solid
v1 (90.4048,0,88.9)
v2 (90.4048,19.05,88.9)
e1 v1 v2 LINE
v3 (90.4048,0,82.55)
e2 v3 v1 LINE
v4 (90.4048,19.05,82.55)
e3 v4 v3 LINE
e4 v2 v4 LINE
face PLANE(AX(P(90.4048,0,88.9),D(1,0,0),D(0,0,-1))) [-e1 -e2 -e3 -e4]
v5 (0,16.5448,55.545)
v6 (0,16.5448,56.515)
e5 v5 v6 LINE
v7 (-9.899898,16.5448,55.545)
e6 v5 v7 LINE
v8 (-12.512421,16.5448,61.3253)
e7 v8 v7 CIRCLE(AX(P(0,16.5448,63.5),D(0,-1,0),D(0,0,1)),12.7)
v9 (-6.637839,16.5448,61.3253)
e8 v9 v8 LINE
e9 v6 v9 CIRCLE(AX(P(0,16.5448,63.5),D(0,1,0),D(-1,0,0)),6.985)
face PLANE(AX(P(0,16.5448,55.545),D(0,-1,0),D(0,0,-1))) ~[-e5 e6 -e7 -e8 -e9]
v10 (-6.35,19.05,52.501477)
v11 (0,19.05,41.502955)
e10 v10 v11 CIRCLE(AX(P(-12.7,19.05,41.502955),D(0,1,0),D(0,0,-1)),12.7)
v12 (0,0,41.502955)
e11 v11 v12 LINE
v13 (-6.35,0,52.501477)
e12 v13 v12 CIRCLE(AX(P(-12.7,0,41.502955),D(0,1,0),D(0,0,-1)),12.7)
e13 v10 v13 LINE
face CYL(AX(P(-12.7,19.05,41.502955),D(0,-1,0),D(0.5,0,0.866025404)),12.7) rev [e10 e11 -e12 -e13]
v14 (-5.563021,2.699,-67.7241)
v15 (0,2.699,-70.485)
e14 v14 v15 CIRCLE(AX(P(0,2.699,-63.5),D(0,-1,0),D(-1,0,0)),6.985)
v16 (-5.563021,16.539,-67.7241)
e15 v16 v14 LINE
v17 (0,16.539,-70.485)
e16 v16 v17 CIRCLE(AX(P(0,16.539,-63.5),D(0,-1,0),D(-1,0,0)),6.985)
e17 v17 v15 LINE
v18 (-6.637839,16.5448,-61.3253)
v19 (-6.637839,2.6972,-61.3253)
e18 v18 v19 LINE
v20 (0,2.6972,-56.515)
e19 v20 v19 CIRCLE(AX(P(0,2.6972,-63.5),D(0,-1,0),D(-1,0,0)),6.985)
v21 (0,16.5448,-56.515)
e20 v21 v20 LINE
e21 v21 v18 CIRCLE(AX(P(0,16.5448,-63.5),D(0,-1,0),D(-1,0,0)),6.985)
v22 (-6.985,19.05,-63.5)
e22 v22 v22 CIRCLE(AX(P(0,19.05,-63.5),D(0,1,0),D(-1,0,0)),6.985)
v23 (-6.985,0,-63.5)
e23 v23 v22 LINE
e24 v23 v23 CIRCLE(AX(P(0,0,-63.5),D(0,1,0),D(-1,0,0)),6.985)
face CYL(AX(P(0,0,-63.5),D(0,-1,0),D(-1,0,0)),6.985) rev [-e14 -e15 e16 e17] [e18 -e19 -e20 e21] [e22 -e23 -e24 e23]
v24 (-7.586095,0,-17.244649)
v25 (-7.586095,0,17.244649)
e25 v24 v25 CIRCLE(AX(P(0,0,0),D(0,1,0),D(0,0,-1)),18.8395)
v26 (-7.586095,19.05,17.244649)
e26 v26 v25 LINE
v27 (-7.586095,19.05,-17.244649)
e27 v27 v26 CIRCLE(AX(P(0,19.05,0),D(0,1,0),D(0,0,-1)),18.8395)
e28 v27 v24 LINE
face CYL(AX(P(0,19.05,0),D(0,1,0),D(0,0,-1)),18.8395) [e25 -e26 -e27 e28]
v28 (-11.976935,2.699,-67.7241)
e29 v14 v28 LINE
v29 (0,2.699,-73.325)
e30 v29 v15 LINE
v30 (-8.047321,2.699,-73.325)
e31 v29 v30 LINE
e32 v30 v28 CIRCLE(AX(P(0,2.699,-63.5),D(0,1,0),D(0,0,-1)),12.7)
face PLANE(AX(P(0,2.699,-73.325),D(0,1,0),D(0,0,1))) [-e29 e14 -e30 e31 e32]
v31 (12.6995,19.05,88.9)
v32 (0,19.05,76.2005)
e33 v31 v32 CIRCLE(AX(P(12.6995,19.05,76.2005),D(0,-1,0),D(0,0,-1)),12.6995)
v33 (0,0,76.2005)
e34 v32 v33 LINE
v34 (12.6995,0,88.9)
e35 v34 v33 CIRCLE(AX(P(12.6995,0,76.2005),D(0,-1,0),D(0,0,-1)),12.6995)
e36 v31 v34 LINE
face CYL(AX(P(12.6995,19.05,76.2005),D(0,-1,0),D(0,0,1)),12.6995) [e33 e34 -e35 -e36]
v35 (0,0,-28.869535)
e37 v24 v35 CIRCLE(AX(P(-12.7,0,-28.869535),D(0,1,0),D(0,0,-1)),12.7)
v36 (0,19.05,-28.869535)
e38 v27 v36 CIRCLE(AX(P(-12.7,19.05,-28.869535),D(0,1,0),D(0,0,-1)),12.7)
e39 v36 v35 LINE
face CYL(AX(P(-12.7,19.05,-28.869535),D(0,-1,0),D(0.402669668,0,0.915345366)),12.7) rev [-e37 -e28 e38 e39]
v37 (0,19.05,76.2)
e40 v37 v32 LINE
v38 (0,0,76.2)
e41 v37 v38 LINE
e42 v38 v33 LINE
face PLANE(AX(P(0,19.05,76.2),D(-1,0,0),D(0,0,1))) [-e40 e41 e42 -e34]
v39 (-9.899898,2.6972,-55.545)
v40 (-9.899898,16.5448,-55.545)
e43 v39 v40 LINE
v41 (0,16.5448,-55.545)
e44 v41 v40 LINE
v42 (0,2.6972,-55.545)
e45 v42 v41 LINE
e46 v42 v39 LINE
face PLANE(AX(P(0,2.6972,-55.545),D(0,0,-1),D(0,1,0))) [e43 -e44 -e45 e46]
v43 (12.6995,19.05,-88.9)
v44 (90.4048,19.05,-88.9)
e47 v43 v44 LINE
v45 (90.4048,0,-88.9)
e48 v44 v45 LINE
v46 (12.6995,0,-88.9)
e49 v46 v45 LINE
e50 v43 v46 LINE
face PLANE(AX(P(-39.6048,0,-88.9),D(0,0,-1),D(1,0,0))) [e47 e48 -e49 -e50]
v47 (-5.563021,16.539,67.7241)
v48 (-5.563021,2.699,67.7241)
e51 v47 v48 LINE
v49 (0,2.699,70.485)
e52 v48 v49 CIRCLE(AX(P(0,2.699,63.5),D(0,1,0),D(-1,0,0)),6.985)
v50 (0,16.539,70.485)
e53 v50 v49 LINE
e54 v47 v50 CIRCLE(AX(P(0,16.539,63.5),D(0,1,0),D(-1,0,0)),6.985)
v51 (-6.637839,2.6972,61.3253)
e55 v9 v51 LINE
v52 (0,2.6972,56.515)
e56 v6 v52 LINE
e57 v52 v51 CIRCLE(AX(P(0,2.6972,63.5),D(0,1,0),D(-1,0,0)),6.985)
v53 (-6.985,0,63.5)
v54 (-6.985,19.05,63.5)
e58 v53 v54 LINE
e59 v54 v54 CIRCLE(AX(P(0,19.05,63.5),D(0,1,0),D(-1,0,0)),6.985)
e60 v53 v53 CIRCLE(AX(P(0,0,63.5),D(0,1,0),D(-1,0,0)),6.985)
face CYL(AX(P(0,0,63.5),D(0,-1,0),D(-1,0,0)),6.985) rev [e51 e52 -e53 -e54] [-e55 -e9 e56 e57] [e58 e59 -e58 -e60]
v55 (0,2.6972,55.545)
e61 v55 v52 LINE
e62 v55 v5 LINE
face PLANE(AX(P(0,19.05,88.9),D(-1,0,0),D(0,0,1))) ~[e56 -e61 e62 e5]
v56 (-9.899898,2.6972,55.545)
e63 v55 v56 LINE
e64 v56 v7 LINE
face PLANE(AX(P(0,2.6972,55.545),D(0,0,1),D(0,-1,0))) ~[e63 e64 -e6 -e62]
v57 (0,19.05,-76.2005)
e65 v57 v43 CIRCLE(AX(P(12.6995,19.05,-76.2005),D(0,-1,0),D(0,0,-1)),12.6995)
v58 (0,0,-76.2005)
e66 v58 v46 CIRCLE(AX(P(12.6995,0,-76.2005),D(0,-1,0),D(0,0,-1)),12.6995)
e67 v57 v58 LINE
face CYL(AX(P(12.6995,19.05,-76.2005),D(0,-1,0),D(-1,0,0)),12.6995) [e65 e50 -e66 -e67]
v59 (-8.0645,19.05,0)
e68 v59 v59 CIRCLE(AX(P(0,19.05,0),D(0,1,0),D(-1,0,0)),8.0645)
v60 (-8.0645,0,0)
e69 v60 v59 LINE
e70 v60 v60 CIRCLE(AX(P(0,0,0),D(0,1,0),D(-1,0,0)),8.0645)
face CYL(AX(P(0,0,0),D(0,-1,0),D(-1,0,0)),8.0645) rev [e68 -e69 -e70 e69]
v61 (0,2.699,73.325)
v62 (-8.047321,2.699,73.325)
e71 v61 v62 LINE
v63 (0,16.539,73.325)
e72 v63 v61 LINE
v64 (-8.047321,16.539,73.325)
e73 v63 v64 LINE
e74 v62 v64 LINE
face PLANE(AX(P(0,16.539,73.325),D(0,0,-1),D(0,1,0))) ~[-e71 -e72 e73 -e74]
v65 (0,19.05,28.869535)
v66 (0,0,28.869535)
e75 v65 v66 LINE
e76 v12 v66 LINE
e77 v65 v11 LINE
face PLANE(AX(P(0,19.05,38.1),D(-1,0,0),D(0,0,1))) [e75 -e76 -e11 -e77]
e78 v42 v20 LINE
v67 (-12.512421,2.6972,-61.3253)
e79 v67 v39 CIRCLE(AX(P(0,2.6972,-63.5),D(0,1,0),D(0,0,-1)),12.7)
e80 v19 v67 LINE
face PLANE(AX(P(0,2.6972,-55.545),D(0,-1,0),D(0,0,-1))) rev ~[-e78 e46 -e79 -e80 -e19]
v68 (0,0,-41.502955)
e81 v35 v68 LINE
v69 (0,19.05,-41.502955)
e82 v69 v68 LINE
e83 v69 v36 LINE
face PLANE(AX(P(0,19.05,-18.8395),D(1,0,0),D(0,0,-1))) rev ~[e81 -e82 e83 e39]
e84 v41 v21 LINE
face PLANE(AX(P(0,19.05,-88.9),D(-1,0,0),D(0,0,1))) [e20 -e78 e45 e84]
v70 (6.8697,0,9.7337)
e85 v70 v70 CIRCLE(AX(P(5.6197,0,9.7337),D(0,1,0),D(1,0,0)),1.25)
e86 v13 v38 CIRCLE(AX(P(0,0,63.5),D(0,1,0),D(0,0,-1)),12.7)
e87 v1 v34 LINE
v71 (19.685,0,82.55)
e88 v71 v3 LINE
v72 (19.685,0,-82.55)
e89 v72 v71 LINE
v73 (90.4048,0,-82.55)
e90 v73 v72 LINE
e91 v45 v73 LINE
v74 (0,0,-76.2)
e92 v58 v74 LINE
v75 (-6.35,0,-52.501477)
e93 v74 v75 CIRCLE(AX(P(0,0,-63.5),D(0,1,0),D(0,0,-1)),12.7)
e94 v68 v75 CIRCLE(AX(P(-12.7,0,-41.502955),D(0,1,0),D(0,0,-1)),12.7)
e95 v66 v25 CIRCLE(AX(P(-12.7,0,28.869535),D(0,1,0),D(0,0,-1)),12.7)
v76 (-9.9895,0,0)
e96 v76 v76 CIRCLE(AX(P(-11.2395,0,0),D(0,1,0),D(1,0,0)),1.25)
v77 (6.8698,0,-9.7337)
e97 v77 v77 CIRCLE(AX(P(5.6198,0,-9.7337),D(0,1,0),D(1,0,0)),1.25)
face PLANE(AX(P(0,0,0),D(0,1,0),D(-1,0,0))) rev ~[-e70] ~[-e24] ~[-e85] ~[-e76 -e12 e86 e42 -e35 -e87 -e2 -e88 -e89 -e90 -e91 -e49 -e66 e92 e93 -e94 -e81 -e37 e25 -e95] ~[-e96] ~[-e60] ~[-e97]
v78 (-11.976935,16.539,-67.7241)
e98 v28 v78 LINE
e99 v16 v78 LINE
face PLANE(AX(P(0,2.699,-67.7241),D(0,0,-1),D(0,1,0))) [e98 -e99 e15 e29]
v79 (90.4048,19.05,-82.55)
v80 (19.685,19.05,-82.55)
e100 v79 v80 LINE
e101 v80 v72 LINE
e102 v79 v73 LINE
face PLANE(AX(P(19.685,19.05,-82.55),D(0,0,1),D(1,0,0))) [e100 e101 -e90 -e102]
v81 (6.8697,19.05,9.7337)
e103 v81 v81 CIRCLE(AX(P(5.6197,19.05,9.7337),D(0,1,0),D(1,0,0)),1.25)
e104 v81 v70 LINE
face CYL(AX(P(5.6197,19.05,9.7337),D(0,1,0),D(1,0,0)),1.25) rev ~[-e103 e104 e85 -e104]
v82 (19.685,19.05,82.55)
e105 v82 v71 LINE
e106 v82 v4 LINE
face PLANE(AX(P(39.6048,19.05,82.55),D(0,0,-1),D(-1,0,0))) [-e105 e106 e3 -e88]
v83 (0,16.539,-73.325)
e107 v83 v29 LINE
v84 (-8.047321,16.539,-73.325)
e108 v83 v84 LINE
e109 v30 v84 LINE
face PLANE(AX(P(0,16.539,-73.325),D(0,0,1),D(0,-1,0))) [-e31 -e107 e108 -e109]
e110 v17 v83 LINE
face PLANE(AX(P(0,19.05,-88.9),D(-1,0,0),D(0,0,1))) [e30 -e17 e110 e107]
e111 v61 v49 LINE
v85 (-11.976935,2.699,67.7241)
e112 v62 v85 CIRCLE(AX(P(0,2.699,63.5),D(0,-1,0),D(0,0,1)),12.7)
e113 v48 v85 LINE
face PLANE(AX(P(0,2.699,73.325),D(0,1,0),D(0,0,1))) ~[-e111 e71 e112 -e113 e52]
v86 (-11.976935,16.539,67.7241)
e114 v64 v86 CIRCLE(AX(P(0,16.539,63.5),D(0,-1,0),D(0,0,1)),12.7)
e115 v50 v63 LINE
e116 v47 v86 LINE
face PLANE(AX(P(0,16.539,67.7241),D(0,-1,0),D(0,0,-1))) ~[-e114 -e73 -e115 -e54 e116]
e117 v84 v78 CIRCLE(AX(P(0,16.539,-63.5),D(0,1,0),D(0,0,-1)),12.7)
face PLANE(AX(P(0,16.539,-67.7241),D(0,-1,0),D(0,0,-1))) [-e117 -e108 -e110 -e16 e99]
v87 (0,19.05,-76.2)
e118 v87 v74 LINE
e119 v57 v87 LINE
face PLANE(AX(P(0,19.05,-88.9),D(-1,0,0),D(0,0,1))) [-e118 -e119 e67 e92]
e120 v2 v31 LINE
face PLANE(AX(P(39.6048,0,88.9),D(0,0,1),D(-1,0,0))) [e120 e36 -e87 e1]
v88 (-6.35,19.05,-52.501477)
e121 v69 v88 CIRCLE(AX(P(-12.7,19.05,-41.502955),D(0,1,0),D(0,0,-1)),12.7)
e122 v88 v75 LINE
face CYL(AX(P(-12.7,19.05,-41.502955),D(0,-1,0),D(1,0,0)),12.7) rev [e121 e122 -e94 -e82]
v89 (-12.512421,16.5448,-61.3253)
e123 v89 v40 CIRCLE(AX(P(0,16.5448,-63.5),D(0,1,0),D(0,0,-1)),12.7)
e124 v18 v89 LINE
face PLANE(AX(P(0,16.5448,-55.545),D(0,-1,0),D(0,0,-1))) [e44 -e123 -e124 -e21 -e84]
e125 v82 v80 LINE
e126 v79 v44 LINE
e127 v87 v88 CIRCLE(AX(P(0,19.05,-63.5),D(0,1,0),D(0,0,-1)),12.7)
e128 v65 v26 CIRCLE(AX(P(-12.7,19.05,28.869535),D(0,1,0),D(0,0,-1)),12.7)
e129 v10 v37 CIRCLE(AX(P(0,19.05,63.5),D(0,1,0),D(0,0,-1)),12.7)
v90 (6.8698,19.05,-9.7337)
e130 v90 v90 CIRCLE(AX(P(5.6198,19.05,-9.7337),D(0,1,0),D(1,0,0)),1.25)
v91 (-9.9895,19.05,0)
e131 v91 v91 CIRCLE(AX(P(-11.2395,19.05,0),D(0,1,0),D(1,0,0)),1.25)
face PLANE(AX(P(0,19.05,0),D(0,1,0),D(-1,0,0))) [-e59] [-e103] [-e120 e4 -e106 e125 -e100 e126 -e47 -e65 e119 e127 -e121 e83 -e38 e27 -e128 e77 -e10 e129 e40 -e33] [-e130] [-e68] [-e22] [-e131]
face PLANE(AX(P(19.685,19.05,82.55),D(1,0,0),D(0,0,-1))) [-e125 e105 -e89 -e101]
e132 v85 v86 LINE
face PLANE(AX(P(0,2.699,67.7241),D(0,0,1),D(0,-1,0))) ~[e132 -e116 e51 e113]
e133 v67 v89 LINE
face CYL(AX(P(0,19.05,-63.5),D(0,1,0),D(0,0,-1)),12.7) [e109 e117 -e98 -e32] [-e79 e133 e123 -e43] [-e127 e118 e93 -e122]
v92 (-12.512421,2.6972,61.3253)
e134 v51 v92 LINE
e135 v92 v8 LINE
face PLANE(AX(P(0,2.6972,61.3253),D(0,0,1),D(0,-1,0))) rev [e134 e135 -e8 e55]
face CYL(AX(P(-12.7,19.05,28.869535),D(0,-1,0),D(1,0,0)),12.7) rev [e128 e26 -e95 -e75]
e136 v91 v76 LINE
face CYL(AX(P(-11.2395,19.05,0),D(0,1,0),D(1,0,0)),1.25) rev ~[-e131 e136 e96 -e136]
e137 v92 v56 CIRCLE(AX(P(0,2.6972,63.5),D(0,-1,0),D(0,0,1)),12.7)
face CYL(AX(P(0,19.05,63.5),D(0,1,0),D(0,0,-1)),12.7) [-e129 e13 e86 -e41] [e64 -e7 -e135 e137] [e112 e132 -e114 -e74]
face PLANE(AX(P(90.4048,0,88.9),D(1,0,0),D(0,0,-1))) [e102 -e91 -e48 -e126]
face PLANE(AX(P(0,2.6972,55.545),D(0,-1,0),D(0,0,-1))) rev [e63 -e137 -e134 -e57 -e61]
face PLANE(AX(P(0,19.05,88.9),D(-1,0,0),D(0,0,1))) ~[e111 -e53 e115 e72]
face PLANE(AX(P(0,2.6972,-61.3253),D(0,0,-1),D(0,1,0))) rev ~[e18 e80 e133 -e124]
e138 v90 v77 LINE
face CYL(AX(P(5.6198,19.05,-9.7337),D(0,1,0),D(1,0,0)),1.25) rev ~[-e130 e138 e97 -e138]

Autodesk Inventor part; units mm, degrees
ref_plane "YZ Plane" through (0, 0, 0) normal (1, 0, 0) x (0, 1, 0)
sketch "Sketch1" plane through (0, 0, 0) normal (0, 1, 0) x (-1, 0, 0)
  circle A0 centre (0, 0) radius 8.0645
  circle A1 centre (0, -63.5) radius 6.985
  circle A2 centre (0, 63.5) radius 6.985
  line L0 (-39.6048, 88.9) -> (39.6048, 88.9)
  line L1 (39.6048, 88.9) -> (39.6048, -88.9)
  line L2 (39.6048, -88.9) -> (-39.6048, -88.9)
  line L3 (-39.6048, -88.9) -> (-39.6048, 88.9)
  line L4 (-39.6048, 88.9) -> (39.6048, -88.9) construction
  line L5 (39.6048, 88.9) -> (-39.6048, -88.9) construction
  line L6 (10.9754, 63.5) -> (10.9754, 0) construction
  point P0 (0, 0)
  point P1 (0, 0)
  point P2 (0, 63.5)
  dimension "d0" = 16.129
  dimension "d1" = 13.97
  dimension "d2" = 13.97
  dimension "d28" = 177.8
  dimension "d30" = 25.4
  dimension "d31" = 25.4
extrude "Extrusion4" add sketch "Sketch1" along normal blind 19.05
ref_plane "Work Plane2" through (0, 19.05, 0) normal (0, 1, 0) x (1, 0, 0)
sketch "Sketch2" plane through (0, 19.05, 0) normal (0, 1, 0) x (1, 0, 0)
  circle A0 centre (-11.2395, 0) radius 1.25
  circle A1 centre (0, 0) radius 7.94 projected
  circle A2 centre (5.6197, -9.7337) radius 1.25
  circle A3 centre (5.6198, 9.7337) radius 1.25
  dimension "d11" = 2.5
  dimension "d12" = 11.2395
  dimension "d15" = 360
ref_plane "Work Plane1" through (0, 19.05, 0) normal (0, 1, 0) x (1, 0, 0)
extrude "Extrusion5" cut sketch "Sketch2" against normal up to next contours A0 | A2 | A3
sketch "Sketch6" plane through (0, 19.05, 0) normal (0, 1, 0) x (1, 0, 0)
  line L0 (0, -38.1) -> (0, -18.8395)
  line L1 (0, 18.8395) -> (0, 38.1)
  line L2 (39.6048, 88.9) -> (-39.6048, 88.9) projected
  line L3 (0, 88.9) -> (-39.6048, 88.9)
  line L4 (-39.6048, -88.9) -> (39.6048, -88.9) projected
  line L5 (-39.6048, 88.9) -> (-39.6048, -88.9)
  line L6 (-39.6048, -88.9) -> (0, -88.9)
  circle A0 centre (0, 0) radius 8.0645 projected
  arc A1 (0, 18.8395) -> (0, -18.8395) centre (0, 0) ccw
  arc A2 (0, -50.8) -> (0, -76.2) centre (0, -63.5) ccw
  line L7 (0, -38.1) -> (0, -50.8)
  line L8 (0, -76.2) -> (0, -88.9)
  arc A3 (0, 76.2) -> (0, 50.8) centre (0, 63.5) ccw
  line L9 (0, 88.9) -> (0, 76.2)
  line L10 (0, 50.8) -> (0, 38.1)
  circle A4 centre (0, 63.5) radius 6.477
  circle A5 centre (0, -63.5) radius 6.477
  circle A6 centre (-11.2395, 0) radius 1.25 projected
  point P0 (0, 0)
  dimension "d41" = 25.4
  dimension "d42" = 25.4
  dimension "d44" = 12.954
  dimension "d45" = 12.954
  dimension "d77" = 6.35
extrude "Extrusion6" cut sketch "Sketch6" against normal blind 19.05 contours L7 A2 L8 L4 L5 L2 L9 A3 L10 L1 A1 L0
fillet "Fillet5" radius 12.7 4 edges at (0, 9.525, 50.8) (0, 9.525, -50.8) (0, 9.525, -18.8395) (0, 9.525, 18.8395)
sketch "Sketch8" plane through (0, 19.05, -88.9) normal (-1, 0, 0) x (0, 0, 1)
  line L0 (33.355, -16.3528) -> (33.355, -2.5052) projected
  line L1 (15.575, -2.511) -> (15.575, -16.351) projected
  line L2 (27.5747, -16.3528) -> (27.5747, -2.5052)
  line L3 (21.1759, -16.351) -> (21.1759, -2.511)
  line L4 (33.355, -16.3528) -> (27.5747, -16.3528)
  line L5 (33.355, -2.5052) -> (27.5747, -2.5052)
  line L6 (15.575, -16.351) -> (21.1759, -16.351)
  line L7 (21.1759, -2.511) -> (15.575, -2.511)
  point P0 (88.9, -19.05)
extrude "Extrusion7" cut sketch "Sketch8" along normal up to next
mirror "Mirror1" about plane through (0, 0, 0) normal (0, 0, 1) of "Extrusion7"
fillet "Fillet6" radius 12.7 2 edges at (0, 9.525, 88.9) (0, 9.525, -88.9)
sketch "Sketch12" plane through (0, 19.05, 0) normal (0, 1, 0) x (1, 0, 0)
  line L0 (39.6048, -88.9) -> (39.6048, 88.9) projected
  line L1 (39.6048, -82.55) -> (19.685, -82.55)
  line L2 (19.685, -82.55) -> (19.685, 82.55)
  line L3 (19.685, 82.55) -> (39.6048, 82.55)
  line L4 (39.6048, 82.55) -> (39.6048, -82.55)
  line L5 (39.6048, 88.9) -> (12.7, 88.9) projected
  line L6 (12.7, -88.9) -> (39.6048, -88.9) projected
  circle A0 centre (0, -63.5) radius 6.985 projected
  point P0 (0, 0)
  dimension "d72" = 6.35
  dimension "d73" = 6.35
  dimension "d74" = 12.7
extrude "Extrusion10" cut sketch "Sketch12" against normal up to next contours L1 L2 L3 L0
sketch "Sketch13" plane through (39.6048, 0, 88.9) normal (1, 0, 0) x (0, 0, -1)
  line L0 (0, 0) -> (0, 19.05) projected
  line L1 (171.45, 0) -> (6.35, 0) projected
  line L2 (0, 19.05) -> (6.35, 19.05)
  line L3 (6.35, 19.05) -> (6.35, 0)
  line L4 (6.35, 0) -> (0, 0)
  line L5 (0, 0) -> (0, 19.05)
  line L6 (171.45, 19.05) -> (171.45, 0) projected
  line L7 (177.8, 19.05) -> (177.8, 0) projected
  line L8 (171.45, 19.05) -> (177.8, 19.05)
  line L9 (177.8, 19.05) -> (177.8, 0)
  line L10 (177.8, 0) -> (171.45, 0)
  line L11 (171.45, 0) -> (171.45, 19.05)
  point P0 (88.9, 0)
extrude "Extrusion11" add sketch "Sketch13" along normal blind 50.8
properties part number "AlteredPlatform"
